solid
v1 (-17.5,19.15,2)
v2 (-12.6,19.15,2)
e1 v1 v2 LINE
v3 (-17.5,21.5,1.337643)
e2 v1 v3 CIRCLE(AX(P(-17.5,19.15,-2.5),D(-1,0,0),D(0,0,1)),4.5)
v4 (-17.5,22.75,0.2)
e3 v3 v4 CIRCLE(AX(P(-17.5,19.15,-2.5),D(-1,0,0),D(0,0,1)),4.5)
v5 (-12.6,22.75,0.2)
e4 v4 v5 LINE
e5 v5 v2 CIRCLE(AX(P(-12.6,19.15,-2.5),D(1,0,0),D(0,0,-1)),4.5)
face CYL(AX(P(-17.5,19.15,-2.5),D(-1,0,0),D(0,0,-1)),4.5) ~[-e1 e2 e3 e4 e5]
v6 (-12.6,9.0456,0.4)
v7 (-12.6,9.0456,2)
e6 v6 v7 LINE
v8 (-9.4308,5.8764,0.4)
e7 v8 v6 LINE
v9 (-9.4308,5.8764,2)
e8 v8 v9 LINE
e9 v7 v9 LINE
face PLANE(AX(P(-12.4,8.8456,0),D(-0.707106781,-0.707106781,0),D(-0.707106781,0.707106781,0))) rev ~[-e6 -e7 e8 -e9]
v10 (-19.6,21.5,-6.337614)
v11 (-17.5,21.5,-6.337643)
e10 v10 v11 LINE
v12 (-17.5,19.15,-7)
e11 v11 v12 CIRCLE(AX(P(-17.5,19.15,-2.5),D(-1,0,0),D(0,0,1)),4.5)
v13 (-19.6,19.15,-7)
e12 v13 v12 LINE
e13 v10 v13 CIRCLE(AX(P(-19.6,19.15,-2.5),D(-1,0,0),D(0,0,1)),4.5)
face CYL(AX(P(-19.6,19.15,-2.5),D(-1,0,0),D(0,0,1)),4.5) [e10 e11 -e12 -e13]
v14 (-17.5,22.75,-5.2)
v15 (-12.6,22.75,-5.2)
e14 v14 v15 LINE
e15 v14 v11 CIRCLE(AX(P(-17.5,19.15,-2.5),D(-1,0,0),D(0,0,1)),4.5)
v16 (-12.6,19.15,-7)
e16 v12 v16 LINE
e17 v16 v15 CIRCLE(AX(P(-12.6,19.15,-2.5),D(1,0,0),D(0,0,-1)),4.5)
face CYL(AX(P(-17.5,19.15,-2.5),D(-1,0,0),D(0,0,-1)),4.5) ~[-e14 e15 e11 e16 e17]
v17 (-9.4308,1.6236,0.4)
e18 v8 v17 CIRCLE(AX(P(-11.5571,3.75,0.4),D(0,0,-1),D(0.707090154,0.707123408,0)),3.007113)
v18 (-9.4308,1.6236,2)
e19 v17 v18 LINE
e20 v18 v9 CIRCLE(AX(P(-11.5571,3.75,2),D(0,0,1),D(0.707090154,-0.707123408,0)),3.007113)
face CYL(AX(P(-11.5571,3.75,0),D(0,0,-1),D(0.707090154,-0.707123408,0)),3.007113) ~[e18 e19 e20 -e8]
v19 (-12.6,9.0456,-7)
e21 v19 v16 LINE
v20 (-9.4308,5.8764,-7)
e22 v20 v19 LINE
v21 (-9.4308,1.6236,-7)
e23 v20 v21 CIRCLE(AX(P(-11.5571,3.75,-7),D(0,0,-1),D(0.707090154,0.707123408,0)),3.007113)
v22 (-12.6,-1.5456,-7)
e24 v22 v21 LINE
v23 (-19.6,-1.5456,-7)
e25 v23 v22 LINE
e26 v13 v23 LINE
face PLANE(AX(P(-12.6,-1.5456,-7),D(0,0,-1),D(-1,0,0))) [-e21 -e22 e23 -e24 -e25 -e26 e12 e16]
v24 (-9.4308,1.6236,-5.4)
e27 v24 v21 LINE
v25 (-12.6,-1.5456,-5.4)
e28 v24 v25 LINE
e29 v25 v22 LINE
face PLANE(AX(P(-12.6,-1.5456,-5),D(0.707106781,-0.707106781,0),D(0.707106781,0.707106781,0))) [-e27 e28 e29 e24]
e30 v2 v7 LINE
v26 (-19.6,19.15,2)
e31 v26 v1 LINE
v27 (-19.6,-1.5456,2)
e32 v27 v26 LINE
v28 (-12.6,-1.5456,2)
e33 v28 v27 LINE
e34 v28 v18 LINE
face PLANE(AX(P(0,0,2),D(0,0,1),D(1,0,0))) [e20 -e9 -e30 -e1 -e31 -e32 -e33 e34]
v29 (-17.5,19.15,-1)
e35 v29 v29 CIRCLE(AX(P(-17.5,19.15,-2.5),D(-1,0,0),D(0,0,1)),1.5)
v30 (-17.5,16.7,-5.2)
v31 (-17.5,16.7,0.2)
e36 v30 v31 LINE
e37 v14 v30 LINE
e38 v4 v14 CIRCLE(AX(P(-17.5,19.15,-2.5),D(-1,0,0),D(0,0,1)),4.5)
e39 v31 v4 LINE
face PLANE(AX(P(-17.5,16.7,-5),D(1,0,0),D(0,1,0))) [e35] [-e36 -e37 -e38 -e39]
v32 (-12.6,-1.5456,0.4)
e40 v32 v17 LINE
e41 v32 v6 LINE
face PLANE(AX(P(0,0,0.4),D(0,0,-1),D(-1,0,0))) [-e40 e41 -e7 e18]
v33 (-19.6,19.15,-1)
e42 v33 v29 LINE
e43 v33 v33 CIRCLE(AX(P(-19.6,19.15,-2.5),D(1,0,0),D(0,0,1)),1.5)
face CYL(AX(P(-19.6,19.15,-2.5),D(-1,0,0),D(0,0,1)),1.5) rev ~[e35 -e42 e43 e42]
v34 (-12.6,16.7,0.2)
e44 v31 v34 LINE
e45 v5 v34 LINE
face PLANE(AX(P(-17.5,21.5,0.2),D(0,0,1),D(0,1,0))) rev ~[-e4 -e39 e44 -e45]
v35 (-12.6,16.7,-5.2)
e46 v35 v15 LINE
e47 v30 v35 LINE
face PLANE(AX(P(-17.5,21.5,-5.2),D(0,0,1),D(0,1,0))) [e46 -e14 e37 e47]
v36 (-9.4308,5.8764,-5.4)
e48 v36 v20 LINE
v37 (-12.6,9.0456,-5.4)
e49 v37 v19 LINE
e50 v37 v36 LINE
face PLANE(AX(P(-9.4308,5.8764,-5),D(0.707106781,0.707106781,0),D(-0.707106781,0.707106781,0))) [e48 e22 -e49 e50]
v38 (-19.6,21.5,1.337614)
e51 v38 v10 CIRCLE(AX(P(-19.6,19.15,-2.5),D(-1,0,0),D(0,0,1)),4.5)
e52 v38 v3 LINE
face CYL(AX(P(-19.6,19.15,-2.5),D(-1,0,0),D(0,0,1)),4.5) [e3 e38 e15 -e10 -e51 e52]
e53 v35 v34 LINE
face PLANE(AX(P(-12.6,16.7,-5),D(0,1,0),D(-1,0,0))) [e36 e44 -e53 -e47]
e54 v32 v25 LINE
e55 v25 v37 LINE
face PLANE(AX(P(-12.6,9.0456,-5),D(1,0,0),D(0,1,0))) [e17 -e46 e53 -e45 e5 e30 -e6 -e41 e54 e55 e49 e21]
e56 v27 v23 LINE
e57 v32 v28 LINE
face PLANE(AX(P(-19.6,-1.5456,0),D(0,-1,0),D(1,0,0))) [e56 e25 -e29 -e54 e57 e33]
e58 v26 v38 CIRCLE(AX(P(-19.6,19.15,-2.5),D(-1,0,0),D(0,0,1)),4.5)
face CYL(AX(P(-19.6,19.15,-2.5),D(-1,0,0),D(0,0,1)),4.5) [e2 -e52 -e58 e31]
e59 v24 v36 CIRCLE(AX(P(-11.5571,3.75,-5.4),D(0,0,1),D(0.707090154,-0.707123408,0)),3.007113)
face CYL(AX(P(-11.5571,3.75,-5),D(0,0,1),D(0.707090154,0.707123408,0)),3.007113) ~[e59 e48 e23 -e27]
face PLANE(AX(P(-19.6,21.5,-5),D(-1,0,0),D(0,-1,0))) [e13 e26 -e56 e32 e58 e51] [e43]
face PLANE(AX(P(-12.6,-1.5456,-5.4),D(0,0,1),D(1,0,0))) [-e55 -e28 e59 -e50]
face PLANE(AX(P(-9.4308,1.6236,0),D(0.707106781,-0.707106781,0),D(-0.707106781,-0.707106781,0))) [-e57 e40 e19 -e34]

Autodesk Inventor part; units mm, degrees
ref_plane "YZ Plane" through (0, 0, 0) normal (1, 0, 0) x (0, 1, 0)
ref_plane "Work Plane1" through (0, 0, 0) normal (0, 0, 1) x (1, 0, 0)
sketch "Sketch1" plane through (0, 0, 0) normal (0, 0, 1) x (1, 0, 0)
  line L0 (-12.5, 1) -> (-12.5, -7.7) projected
  line L1 (-12.5, 12) -> (-12.5, 6.5) projected
  line L2 (-12.6, 1) -> (-12.6, -7.7)
  line L3 (-12.6, 12) -> (-12.6, 9.0456)
  arc A0 (-12.5, 1) -> (-12.5, 6.5) centre (-11.5571, 3.75) ccw projected
  line L4 (-12.4, 12) -> (-12.4, 6.6366)
  arc A1 (-9.4308, 1.6236) -> (-9.4308, 5.8764) centre (-11.5571, 3.75) ccw
  line L5 (-12.4, 0.8634) -> (-12.4, -7.7)
  line L6 (-9.4308, 5.8764) -> (-12.6, 9.0456)
  line L7 (-8.6562, 5.1018) -> (-1.312, 5.1018) construction
  line L8 (-9.4308, 1.6236) -> (-12.6, -1.5456)
  line L9 (-8.3764, 2.678) -> (0.7652, 2.678) construction
  line L10 (-19.6, -14) -> (-19.6, -6.5) projected
  line L11 (-12.6, -1.5456) -> (-19.6, -1.5456)
  line L12 (-17.5, 16.8) -> (-17.5, 21.5) projected
  line L13 (-12.5, 16.8) -> (-17.5, 16.8) projected
  line L14 (-12.6, 16.7) -> (-17.5, 16.7)
  line L15 (-12.6, 12) -> (-12.6, 16.7)
  line L16 (-17.5, 16.8) -> (-17.5, 16.7)
  line L17 (-19.6, -1.5456) -> (-19.6, 21.5)
  line L18 (-19.6, -1.5456) -> (3.4456, -1.5456) construction
  line L19 (-19.6, 21.5) -> (-17.5, 21.5)
  point P0 (0, 0)
  dimension "d0" = 0.1
  dimension "d1" = 0.1
  dimension "d2" = 0.1
  dimension "d3" = 135
  dimension "d4" = 135
  dimension "d5" = 0.1
  dimension "d6" = 90
extrude "Extrusion1" add sketch "Sketch1" along normal blind 2
sketch "Sketch2" plane through (0, 0, 0) normal (0, 0, -1) x (-1, 0, 0)
  line L0 (19.6, -1.5456) -> (12.6, -1.5456) projected
  line L1 (12.6, 9.0456) -> (12.6, 16.7) projected
  line L2 (12.6, 16.7) -> (17.5, 16.7) projected
  line L3 (17.5, 16.7) -> (17.5, 21.5) projected
  line L4 (17.5, 21.5) -> (19.6, 21.5) projected
  line L5 (19.6, 21.5) -> (19.6, -1.5456) projected
  line L6 (12.6, -1.5456) -> (12.6, 9.0456)
  point P0 (0, 0)
ref_plane "Work Plane2" through (-17.5, 12.1, -5) normal (0, 0, -1) x (0, 1, 0)
extrude "Extrusion2" add sketch "Sketch2" along normal up to surface (5 mm away)
sketch "Sketch3" plane through (-12.6, -1.5456, -5) normal (0, 0, -1) x (-1, 0, 0)
  line L0 (0, 10.5912) -> (0, 18.2456) projected
  line L1 (0, 18.2456) -> (4.9, 18.2456) projected
  line L2 (4.9, 18.2456) -> (4.9, 23.0456) projected
  line L3 (4.9, 23.0456) -> (7, 23.0456) projected
  line L4 (7, 23.0456) -> (7, 0) projected
  line L5 (7, 0) -> (0, 0) projected
  line L6 (0, 0) -> (-3.1692, 3.1692) projected
  arc A0 (-3.1692, 7.422) -> (-3.1692, 3.1692) centre (-1.0429, 5.2956) ccw projected
  line L7 (-3.1692, 7.422) -> (0, 10.5912) projected
  point P0 (-12.6, 1.5456)
extrude "Extrusion3" add sketch "Sketch3" along normal blind 2
sketch "Sketch4" plane through (-19.6, -1.5456, 2) normal (-1, 0, 0) x (0, 0, 1)
  line L0 (-2, 23.0456) -> (-2, 18.3456) projected
  line L1 (-7, 18.3456) -> (-2, 18.3456) projected
  line L2 (-7, 23.0456) -> (-7, 18.3456) projected
  line L3 (-7, 23.0456) -> (-2, 23.0456) projected
  line L4 (-2, 18.3456) -> (-7, 23.0456)
  circle A0 centre (-4.5, 20.6956) radius 1.5
  circle A1 centre (-4.5, 20.6956) radius 1.4 projected
  point P0 (-2, 1.5456)
  dimension "d13" = 3
extrude "Extrusion4" cut sketch "Sketch4" against normal blind 2.75 contours A0 L4 A1 | L4 A1 A0 | A1 L4 | L4 A1
sketch "Sketch5" plane through (-19.6, -1.5456, 2) normal (-1, 0, 0) x (0, 0, 1)
  circle A0 centre (-4.5, 20.6956) radius 1.5 projected
  line L0 (0, 23.0456) -> (0, 0) projected
  circle A1 centre (-4.5, 20.6956) radius 4.5
  line L1 (0, 23.0456) -> (-9, 23.0456) projected
  point P0 (-2, 1.5456)
  point P1 (-8.3376, 23.0456)
  point P2 (-0.6624, 23.0456)
extrude "Extrusion5" add sketch "Sketch5" against normal up to surface (2.1 mm away) contours L1 A1 picked at (-4.7918, 23.9439)
sketch "Sketch6" plane through (-19.6, -1.5456, 2) normal (-1, 0, 0) x (0, 0, 1)
  arc A0 (-0.6624, 23.0456) -> (-8.3376, 23.0456) centre (-4.5, 20.6956) ccw projected
  line L0 (0, 23.0456) -> (0, 0) projected
  line L1 (0, 23.0456) -> (-0.6624, 23.0456) projected
  circle A1 centre (-4.5, 20.6956) radius 4.5
  line L2 (-8.3376, 23.0456) -> (-9, 23.0456) projected
  line L3 (-9, 0) -> (-9, 23.0456) projected
  point P0 (-2, 1.5456)
  point P1 (-9, 20.6956)
  point P2 (-8.3376, 23.0456)
  point P3 (0, 20.6956)
extrude "Extrusion6" cut sketch "Sketch6" against normal blind 10 contours L1 L0 A1 | A1 L3 L2
sketch "Sketch7" plane through (-17.5, 16.7, 2) normal (1, 0, 0) x (0, 0, -1)
  line L0 (7, 4.8) -> (7, 0.1) projected
  line L1 (2, 4.8) -> (2, 0.1) projected
  line L2 (7.2, 4.8) -> (7.2, 0.1)
  line L3 (1.8, 4.8) -> (1.8, 0.1)
  arc A0 (9, 2.45) -> (0, 2.45) centre (4.5, 2.45) ccw projected
  line L4 (9, 2.45) -> (9, 0) projected
  line L5 (0, 0) -> (0, 2.45) projected
  line L6 (9, 0) -> (0, 0) projected
  line L7 (1.8, 0.1) -> (1.8, 0)
  line L8 (9, 0) -> (0, 0) projected
  line L9 (7.2, 0.1) -> (7.2, 0)
  line L10 (7.2, 4.8) -> (7.2, 6.05)
  line L11 (1.8, 4.8) -> (1.8, 6.05)
  point P0 (2, -16.7)
  point P1 (1.8, 0)
  dimension "d20" = 0.2
  dimension "d21" = 0.2
extrude "Extrusion7" add sketch "Sketch7" along normal up to surface (4.9 mm away) contours L10 A0 L4 L6 L9 L2 | L11 L3 L7 L6 L5 A0
sketch "Sketch8" plane through (0, 0, 0) normal (0, 0, -1) x (-1, 0, 0)
  line L0 (12.6, -1.5456) -> (12.6, 9.0456) projected
  line L1 (9.4308, 5.8764) -> (12.6, 9.0456) projected
  arc A0 (9.4308, 5.8764) -> (9.4308, 1.6236) centre (11.5571, 3.75) ccw projected
  line L2 (12.6, -1.5456) -> (9.4308, 1.6236) projected
  point P0 (0, 0)
extrude "Extrusion8" cut sketch "Sketch8" against normal blind 0.4
sketch "Sketch9" plane through (-12.6, -1.5456, -5) normal (0, 0, 1) x (1, 0, 0)
  line L0 (0, 0) -> (0, 10.5912) projected
  line L1 (3.1692, 3.1692) -> (0, 0) projected
  arc A0 (3.1692, 3.1692) -> (3.1692, 7.422) centre (1.0429, 5.2956) ccw projected
  line L2 (0, 10.5912) -> (3.1692, 7.422) projected
  point P0 (12.6, 1.5456)
extrude "Extrusion9" cut sketch "Sketch9" against normal blind 0.4
properties part number "SideCameraSlider_3DPrint"
